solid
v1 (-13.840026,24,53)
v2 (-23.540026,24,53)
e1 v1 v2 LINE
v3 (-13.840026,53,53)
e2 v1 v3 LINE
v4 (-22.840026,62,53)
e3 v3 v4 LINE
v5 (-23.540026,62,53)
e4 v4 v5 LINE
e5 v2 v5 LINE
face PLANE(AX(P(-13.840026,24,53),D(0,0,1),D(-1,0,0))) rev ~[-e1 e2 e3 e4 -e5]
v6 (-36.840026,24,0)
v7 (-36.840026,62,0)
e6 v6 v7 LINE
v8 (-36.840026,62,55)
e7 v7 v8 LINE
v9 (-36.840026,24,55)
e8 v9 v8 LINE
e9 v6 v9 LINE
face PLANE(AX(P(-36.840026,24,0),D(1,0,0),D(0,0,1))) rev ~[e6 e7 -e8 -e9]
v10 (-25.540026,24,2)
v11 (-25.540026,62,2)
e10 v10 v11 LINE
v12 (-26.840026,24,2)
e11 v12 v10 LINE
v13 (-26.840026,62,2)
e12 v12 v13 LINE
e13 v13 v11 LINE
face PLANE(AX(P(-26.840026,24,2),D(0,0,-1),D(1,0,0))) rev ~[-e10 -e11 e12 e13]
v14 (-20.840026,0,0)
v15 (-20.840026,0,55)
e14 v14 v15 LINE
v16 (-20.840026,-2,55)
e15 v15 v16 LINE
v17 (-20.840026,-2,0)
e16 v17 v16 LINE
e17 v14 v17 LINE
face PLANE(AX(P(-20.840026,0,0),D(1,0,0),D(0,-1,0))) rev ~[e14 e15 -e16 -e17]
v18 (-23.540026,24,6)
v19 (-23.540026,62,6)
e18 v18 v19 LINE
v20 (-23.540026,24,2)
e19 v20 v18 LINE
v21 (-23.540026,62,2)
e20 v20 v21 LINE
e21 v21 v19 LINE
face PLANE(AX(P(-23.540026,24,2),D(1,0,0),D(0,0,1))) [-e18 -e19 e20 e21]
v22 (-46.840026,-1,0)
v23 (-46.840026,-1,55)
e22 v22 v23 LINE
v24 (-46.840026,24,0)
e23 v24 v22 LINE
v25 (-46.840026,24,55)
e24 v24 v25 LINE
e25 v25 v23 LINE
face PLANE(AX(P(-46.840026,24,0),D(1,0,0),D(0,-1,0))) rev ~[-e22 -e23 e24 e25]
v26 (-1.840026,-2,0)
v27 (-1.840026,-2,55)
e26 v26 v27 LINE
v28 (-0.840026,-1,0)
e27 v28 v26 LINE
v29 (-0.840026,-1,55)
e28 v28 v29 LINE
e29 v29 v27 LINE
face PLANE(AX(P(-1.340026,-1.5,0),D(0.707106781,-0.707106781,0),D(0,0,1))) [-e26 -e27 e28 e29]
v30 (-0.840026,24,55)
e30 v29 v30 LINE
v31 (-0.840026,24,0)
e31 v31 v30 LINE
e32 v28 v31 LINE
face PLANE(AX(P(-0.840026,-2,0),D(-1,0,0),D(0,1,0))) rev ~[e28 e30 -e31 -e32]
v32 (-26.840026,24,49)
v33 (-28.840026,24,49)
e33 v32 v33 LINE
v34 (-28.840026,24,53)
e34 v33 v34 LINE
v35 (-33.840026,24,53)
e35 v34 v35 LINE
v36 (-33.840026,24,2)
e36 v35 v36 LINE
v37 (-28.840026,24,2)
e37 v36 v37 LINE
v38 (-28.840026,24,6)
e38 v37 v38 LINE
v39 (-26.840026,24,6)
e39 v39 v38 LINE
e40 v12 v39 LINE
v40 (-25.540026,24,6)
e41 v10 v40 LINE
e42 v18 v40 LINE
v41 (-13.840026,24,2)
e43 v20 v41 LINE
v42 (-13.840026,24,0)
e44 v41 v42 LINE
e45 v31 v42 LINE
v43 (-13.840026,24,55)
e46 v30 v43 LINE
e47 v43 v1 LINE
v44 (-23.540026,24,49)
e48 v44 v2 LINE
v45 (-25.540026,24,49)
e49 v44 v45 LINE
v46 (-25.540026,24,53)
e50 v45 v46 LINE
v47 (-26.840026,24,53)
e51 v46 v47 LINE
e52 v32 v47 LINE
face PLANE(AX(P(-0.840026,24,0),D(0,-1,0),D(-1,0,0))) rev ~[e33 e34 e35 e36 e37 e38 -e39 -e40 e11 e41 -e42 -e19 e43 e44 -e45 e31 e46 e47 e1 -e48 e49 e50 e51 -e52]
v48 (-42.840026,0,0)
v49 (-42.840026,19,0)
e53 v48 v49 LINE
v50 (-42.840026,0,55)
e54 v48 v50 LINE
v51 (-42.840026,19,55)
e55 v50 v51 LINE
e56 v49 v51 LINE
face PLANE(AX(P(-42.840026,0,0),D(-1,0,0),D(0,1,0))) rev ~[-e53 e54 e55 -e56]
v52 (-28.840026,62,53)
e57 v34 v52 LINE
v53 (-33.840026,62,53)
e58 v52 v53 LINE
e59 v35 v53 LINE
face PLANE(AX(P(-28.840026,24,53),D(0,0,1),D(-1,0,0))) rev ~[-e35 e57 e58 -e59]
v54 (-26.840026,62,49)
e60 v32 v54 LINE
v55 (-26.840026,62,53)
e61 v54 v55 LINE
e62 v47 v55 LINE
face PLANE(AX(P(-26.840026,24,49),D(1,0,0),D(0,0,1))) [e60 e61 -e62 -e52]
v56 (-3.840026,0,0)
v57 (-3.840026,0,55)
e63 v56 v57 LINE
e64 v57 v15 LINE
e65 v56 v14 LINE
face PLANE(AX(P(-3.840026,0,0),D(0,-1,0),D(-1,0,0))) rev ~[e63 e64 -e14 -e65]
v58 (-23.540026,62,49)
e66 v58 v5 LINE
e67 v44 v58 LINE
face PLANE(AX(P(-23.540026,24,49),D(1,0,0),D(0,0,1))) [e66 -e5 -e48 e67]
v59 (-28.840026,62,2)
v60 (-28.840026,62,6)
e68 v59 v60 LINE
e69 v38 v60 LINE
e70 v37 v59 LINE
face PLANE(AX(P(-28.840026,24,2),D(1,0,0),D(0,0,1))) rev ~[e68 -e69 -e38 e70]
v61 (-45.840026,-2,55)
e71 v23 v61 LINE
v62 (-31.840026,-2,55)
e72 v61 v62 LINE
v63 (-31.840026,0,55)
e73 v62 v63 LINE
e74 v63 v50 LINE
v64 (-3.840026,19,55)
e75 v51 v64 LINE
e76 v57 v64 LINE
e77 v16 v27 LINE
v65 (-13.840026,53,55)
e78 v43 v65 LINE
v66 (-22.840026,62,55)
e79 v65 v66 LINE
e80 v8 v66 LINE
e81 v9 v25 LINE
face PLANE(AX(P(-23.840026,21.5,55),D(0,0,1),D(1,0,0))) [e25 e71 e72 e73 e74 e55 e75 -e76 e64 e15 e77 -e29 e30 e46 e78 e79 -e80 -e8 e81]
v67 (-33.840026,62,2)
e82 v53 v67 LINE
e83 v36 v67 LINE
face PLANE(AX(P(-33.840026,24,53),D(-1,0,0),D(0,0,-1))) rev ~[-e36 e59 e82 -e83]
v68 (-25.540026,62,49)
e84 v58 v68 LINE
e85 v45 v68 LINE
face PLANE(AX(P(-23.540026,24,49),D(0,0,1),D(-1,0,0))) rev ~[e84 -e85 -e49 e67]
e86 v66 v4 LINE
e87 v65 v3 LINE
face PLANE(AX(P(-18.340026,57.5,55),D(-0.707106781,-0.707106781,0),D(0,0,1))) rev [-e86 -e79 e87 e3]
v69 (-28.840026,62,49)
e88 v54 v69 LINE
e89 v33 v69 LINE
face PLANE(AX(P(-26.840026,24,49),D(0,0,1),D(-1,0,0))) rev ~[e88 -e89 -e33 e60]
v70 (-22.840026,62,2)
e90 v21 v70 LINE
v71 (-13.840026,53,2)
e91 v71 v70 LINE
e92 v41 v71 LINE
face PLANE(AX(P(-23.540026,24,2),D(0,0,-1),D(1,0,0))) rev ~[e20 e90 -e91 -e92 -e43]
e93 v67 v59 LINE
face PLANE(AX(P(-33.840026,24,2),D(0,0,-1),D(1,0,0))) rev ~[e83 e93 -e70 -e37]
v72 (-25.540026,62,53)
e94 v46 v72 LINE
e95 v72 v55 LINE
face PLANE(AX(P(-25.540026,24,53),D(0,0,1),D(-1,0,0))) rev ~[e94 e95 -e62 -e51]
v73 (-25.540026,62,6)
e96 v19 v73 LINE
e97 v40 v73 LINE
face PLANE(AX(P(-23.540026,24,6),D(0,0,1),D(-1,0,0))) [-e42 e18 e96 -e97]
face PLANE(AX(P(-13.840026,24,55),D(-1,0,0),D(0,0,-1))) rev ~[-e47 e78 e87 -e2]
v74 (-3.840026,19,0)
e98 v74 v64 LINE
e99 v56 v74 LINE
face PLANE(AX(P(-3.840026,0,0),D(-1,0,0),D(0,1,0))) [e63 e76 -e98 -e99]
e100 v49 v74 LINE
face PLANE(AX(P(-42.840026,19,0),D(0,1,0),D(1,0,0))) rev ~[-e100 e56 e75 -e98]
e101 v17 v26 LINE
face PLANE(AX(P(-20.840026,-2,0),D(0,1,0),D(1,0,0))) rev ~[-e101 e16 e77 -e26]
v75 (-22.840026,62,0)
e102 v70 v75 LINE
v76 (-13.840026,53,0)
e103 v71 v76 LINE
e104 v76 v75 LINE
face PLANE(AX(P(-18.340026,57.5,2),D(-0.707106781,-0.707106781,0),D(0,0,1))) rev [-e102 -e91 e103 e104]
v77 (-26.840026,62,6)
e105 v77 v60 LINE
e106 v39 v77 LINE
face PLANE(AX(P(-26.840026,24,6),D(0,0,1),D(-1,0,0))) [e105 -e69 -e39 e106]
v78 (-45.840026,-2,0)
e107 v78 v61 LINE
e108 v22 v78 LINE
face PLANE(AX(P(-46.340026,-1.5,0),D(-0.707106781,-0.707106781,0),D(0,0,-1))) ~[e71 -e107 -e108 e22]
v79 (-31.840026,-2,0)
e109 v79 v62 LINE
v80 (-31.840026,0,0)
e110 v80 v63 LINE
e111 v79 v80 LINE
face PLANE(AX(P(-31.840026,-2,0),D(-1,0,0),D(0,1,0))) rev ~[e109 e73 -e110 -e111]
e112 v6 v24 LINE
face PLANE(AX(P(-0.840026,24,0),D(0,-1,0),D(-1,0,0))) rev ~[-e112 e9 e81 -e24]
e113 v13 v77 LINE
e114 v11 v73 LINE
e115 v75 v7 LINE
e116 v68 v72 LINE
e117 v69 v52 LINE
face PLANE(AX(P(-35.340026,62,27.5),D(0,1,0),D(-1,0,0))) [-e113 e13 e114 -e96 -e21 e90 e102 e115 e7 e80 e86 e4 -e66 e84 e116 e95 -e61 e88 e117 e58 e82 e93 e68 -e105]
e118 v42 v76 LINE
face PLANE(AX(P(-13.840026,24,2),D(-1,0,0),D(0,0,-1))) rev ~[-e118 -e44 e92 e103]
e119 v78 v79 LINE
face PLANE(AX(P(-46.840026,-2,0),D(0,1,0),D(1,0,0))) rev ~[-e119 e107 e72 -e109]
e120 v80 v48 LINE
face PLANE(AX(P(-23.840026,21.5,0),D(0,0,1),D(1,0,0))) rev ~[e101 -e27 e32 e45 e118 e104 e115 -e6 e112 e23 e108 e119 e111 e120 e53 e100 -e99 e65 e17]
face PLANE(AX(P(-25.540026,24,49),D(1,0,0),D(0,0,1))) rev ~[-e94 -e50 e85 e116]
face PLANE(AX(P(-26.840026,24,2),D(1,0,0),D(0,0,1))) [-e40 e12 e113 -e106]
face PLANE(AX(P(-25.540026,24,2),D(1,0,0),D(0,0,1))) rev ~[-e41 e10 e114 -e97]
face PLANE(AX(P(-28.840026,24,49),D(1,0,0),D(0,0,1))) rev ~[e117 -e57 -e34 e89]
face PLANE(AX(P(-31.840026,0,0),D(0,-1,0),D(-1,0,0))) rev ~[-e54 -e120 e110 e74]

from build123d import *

# Parameters (mm, degrees)
F0_W     = 4
F0_H     = 19
F0_W_2   = 3
F1_DEPTH = 55
F2_W     = 2
F2_H     = 4
F3_DEPTH = 38
F4_SIZE  = 9
F5_SIZE  = 1


with BuildPart() as f1:
    # F0 (on Top) → F1 (new body)
    with BuildSketch(Plane.XY):
        Polygon((-0.840026, 24), (-46.840026, 24), (-46.840026, 19), (-42.840026, 19), (-3.840026, 19), (-0.840026, 19), align=None)
        with Locations((-44.840026, 9.5)):
            Rectangle(F0_W, F0_H)
        with Locations((-2.340026, 9.5)):
            Rectangle(F0_W_2, F0_H)
        Polygon((-42.840026, 0), (-46.840026, 0), (-46.840026, -2), (-31.840026, -2), (-31.840026, 0), align=None)
        Polygon((-0.840026, -2), (-0.840026, 0), (-3.840026, 0), (-20.840026, 0), (-20.840026, -2), align=None)
    extrude(amount=F1_DEPTH)

    # F2 (on face) → F3 (join)
    with BuildSketch(Plane(origin=(0, 24, 0), x_dir=(-1, 0, 0), z_dir=(0, 1, 0))):
        Polygon((36.840026, 55), (33.840026, 55), (33.840026, 53), (33.840026, 2), (33.840026, 0), (36.840026, 0), align=None)
        Polygon((33.840026, 53), (33.840026, 55), (13.840026, 55), (13.840026, 53), (23.540026, 53), (25.540026, 53), (26.840026, 53), (28.840026, 53), align=None)
        Polygon((33.840026, 0), (33.840026, 2), (28.840026, 2), (26.840026, 2), (25.540026, 2), (23.540026, 2), (13.840026, 2), (13.840026, 0), align=None)
        with Locations((27.840026, 51)):
            Rectangle(F2_W, F2_H)
        with Locations((27.840026, 4)):
            Rectangle(F2_W, F2_H)
        with Locations((24.540026, 51)):
            Rectangle(F2_W, F2_H)
        with Locations((24.540026, 4)):
            Rectangle(F2_W, F2_H)
    extrude(amount=F3_DEPTH)

    # F4
    f4_edges = [f1.edges().sort_by_distance(p)[0] for p in [
        (-13.840026, 62, 54),
        (-13.840026, 62, 1),
    ]]
    chamfer(f4_edges, length=F4_SIZE)

    # F5
    f5_edges = [f1.edges().sort_by_distance(p)[0] for p in [
        (-0.840026, -2, 27.5),
        (-46.840026, -2, 27.5),
    ]]
    chamfer(f5_edges, length=F5_SIZE)


solid = f1.part
